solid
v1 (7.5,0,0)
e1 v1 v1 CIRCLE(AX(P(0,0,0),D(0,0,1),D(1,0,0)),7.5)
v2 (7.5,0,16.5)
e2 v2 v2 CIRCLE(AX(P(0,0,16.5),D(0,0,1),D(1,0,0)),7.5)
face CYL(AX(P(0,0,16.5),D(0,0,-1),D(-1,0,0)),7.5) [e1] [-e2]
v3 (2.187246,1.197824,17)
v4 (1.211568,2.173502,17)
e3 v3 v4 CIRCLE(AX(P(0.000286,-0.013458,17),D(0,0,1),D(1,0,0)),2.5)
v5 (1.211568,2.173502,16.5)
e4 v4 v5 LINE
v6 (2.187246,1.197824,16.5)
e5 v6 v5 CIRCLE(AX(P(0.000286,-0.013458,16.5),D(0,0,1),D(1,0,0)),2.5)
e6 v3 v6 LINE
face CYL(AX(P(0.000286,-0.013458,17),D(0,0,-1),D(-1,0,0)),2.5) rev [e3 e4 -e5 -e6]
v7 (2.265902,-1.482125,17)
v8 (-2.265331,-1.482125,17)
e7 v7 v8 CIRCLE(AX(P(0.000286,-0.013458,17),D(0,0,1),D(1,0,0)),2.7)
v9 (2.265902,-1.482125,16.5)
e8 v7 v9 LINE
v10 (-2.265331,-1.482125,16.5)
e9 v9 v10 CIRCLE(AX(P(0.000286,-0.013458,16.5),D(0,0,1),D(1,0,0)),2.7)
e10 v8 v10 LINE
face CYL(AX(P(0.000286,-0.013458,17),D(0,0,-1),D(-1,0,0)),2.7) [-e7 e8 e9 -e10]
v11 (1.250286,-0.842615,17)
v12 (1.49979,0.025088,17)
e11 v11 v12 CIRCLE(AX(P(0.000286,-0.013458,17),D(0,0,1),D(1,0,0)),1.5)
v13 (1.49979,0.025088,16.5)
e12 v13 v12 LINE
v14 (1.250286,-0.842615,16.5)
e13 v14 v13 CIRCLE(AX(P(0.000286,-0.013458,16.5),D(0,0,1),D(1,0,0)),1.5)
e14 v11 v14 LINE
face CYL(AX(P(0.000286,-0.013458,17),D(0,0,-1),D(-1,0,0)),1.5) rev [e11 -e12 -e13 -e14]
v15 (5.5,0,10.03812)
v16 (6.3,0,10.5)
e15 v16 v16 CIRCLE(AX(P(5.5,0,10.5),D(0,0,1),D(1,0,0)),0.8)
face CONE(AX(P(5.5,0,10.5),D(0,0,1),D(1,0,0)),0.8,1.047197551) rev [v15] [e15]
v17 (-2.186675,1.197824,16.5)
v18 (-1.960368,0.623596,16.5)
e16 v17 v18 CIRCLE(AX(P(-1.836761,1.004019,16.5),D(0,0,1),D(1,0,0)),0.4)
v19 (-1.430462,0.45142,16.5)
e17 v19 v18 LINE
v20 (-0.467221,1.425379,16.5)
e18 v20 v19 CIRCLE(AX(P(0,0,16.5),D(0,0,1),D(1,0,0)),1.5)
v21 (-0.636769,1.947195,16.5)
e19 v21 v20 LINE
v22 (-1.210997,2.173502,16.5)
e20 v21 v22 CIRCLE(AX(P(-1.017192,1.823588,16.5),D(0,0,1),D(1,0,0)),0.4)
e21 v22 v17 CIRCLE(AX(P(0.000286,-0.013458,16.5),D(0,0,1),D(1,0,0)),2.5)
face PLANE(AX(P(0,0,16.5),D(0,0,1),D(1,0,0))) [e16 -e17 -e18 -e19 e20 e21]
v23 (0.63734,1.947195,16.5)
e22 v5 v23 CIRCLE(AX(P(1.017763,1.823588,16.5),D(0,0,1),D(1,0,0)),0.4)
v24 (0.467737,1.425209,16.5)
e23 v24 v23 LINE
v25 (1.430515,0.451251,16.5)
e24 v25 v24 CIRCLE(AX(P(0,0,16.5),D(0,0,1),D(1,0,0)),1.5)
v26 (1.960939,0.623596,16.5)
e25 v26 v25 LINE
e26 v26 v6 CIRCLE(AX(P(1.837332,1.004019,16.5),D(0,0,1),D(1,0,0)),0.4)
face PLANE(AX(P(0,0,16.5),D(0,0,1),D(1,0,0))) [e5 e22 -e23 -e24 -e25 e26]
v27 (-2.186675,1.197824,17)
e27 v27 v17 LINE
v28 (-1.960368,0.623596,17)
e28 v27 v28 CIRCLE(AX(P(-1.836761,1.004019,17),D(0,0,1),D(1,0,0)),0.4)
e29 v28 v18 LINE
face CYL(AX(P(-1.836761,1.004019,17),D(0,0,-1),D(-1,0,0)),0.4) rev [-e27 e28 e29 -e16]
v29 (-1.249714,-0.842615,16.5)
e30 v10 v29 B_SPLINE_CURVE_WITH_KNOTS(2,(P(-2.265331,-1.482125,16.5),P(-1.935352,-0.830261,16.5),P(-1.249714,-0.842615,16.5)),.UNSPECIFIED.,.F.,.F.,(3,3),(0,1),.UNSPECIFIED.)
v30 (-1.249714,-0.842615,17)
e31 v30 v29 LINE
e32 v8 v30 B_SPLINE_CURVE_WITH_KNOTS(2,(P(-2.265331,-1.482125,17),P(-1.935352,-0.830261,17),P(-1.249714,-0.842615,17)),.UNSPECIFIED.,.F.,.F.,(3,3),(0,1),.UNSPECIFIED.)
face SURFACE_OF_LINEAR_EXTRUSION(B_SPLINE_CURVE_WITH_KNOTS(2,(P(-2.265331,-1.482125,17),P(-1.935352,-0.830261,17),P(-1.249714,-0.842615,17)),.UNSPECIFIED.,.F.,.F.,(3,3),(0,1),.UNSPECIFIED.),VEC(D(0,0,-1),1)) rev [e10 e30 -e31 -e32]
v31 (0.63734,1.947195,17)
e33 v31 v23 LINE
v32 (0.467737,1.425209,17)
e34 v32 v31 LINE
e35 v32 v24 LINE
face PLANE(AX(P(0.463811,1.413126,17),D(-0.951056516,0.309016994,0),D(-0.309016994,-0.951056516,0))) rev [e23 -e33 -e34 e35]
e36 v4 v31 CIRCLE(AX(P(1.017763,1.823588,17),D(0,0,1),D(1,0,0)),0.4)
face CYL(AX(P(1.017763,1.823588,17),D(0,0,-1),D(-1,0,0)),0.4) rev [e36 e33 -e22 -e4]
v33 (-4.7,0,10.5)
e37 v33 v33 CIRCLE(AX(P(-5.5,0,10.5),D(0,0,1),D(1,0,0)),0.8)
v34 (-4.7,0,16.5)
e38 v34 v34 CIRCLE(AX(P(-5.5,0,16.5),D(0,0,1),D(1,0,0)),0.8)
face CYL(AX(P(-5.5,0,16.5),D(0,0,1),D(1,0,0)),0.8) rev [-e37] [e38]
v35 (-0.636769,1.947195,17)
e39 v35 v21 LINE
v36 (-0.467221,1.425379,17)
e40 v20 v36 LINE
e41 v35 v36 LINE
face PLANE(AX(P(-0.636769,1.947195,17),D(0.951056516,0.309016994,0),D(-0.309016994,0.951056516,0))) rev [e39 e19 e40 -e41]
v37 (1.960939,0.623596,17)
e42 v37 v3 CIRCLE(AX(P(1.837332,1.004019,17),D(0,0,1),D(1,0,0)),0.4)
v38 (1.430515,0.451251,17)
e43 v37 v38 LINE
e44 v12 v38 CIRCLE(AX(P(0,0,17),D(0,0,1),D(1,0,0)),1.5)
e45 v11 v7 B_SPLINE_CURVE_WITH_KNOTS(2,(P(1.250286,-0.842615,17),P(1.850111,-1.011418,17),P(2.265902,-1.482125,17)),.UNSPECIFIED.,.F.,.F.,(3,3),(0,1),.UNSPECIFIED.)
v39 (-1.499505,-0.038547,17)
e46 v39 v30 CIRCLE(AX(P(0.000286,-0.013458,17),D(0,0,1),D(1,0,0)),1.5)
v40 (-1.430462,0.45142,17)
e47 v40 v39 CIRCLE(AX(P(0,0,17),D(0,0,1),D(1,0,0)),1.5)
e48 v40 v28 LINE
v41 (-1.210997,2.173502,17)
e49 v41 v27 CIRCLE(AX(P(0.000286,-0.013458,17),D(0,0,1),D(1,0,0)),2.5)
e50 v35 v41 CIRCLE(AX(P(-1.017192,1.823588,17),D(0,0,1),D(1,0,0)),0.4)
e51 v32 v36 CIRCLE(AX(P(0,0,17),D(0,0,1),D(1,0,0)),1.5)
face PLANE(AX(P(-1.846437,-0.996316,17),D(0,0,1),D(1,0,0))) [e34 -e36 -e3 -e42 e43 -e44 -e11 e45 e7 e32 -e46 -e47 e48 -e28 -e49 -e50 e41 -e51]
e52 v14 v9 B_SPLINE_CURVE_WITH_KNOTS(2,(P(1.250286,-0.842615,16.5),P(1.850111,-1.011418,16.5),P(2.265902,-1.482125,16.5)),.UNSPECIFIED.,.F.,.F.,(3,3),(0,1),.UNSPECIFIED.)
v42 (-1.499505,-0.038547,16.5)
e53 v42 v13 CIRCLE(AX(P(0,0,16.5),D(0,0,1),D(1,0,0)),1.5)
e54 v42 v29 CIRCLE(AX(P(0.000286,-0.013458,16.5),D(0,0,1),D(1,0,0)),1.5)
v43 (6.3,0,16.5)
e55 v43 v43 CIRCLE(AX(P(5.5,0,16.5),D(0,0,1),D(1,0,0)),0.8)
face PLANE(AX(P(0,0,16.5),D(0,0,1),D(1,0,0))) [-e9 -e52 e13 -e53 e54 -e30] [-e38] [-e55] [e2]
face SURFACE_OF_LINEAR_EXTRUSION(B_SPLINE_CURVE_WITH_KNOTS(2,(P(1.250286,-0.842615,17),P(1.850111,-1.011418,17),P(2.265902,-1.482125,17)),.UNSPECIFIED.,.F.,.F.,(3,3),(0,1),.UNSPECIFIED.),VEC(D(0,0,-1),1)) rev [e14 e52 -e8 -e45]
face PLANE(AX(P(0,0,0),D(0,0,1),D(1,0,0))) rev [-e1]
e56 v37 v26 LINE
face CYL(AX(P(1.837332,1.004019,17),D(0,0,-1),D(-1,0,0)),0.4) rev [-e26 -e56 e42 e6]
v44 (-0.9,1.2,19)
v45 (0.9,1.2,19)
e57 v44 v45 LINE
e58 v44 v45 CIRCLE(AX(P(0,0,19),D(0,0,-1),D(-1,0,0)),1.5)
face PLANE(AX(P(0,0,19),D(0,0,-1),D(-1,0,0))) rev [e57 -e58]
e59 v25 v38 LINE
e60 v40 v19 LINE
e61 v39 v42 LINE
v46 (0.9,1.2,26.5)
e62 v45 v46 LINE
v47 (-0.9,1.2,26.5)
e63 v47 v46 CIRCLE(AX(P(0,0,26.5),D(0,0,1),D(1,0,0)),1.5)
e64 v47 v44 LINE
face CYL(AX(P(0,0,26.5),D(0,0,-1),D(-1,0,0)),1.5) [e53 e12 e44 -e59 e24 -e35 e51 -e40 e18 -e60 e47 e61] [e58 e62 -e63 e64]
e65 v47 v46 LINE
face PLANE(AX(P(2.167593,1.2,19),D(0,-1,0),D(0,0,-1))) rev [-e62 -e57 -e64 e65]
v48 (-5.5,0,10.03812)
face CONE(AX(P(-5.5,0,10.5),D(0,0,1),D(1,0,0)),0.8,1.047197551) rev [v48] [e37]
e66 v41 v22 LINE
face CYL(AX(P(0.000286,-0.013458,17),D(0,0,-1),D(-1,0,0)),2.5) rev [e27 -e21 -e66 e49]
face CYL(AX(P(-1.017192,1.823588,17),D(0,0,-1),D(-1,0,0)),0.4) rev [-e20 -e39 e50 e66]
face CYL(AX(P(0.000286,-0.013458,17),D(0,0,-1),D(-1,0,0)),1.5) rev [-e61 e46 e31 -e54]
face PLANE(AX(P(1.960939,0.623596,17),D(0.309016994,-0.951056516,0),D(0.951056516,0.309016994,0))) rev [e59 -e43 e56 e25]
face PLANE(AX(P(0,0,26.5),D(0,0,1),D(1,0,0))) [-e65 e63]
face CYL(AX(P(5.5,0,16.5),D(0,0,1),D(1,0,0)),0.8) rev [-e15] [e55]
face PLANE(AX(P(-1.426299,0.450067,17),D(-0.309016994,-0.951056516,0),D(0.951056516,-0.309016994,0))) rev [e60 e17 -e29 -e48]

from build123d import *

# Parameters (mm, degrees)
SKETCH_1_R             = 7.5
EXTRUDE_1_DEPTH        = 16.5
SKETCH_2_R             = 1.5
EXTRUDE_2_DEPTH        = 10
SKETCH_3_W             = 3.798806197
SKETCH_3_H             = 0.511244187
CUT_EXTRUDE_1_DEPTH    = 7.5
HOLE_WIZARD_M2_1_D     = 1.6
HOLE_WIZARD_M2_1_DEPTH = 6
HOLE_WIZARD_M2_1_TIP   = 0.461880215
EXTRUDE_3_DEPTH        = 0.5


with BuildPart() as part:
    # 草图1 → 凸台-拉伸1 (new body)
    with BuildSketch(Plane.XY):
        Circle(SKETCH_1_R)
    extrude(amount=EXTRUDE_1_DEPTH)

    # 草图2 → 凸台-拉伸2 (add)
    with BuildSketch(Plane.XY.offset(16.5)):
        Circle(SKETCH_2_R)
    extrude(amount=EXTRUDE_2_DEPTH)

    # 草图3 → 切除-拉伸1 (cut)
    with BuildSketch(Plane.XY.offset(26.5)):
        with Locations((0.268189439, 1.455622094)):
            Rectangle(SKETCH_3_W, SKETCH_3_H)
    extrude(amount=-CUT_EXTRUDE_1_DEPTH, mode=Mode.SUBTRACT)

    # M2 螺纹孔1
    with Locations(Plane(origin=(5.5, 0, 16.5), x_dir=(1, 0, 0), z_dir=(0, 0, 1))):
        with Locations((0, 0), (-11, 0)):
            Hole(HOLE_WIZARD_M2_1_D / 2, depth=HOLE_WIZARD_M2_1_DEPTH)
            with Locations((0, 0, -(HOLE_WIZARD_M2_1_DEPTH + HOLE_WIZARD_M2_1_TIP / 2))):  # 120° drill point
                Cone(0, HOLE_WIZARD_M2_1_D / 2, HOLE_WIZARD_M2_1_TIP, mode=Mode.SUBTRACT)

    # 草图7 → 凸台-拉伸3 (add)
    with BuildSketch(Plane.XY.offset(16.5)):
        with BuildLine():
            Line((1.960938779, 0.623596473), (1.426870317, 0.45006711))
            ThreePointArc((1.426870317, 0.45006711), (1.48648304, -0.216478082), (1.250285543, -0.842614579))
            add(Edge.make_bspline(
                [(1.250285543, -0.842614579), (1.850110882, -1.011418293), (2.265901859, -1.482125365)],
                knots=[0, 0, 0, 1, 1, 1], degree=2))
            ThreePointArc((2.265901859, -1.482125365), (0.000285543, 2.686541619), (-2.265330773, -1.482125365))
            add(Edge.make_bspline(
                [(-2.265330773, -1.482125365), (-1.9353519, -0.830261296), (-1.249714457, -0.842614579)],
                knots=[0, 0, 0, 1, 1, 1], degree=2))
            ThreePointArc((-1.249714457, -0.842614579), (-1.485911955, -0.216478082), (-1.426299232, 0.45006711))
            Line((-1.426299232, 0.45006711), (-1.960367694, 0.623596473))
            ThreePointArc((-1.960367694, 0.623596473), (-2.208903067, 0.857355504), (-2.186674503, 1.19782431))
            ThreePointArc((-2.186674503, 1.19782431), (-1.76748141, 1.754308572), (-1.210997148, 2.173501665))
            ThreePointArc((-1.210997148, 2.173501665), (-0.870528343, 2.195730229), (-0.636769311, 1.947194855))
            Line((-0.636769311, 1.947194855), (-0.463239949, 1.413126393))
            ThreePointArc((-0.463239949, 1.413126393), (0.000285543, 1.486541619), (0.463811034, 1.413126393))
            Line((0.463811034, 1.413126393), (0.637340397, 1.947194855))
            ThreePointArc((0.637340397, 1.947194855), (0.871099428, 2.195730229), (1.211568234, 2.173501665))
            ThreePointArc((1.211568234, 2.173501665), (1.768052496, 1.754308572), (2.187245589, 1.19782431))
            ThreePointArc((2.187245589, 1.19782431), (2.209474153, 0.857355504), (1.960938779, 0.623596473))
        make_face()
    extrude(amount=EXTRUDE_3_DEPTH)


solid = part.part
